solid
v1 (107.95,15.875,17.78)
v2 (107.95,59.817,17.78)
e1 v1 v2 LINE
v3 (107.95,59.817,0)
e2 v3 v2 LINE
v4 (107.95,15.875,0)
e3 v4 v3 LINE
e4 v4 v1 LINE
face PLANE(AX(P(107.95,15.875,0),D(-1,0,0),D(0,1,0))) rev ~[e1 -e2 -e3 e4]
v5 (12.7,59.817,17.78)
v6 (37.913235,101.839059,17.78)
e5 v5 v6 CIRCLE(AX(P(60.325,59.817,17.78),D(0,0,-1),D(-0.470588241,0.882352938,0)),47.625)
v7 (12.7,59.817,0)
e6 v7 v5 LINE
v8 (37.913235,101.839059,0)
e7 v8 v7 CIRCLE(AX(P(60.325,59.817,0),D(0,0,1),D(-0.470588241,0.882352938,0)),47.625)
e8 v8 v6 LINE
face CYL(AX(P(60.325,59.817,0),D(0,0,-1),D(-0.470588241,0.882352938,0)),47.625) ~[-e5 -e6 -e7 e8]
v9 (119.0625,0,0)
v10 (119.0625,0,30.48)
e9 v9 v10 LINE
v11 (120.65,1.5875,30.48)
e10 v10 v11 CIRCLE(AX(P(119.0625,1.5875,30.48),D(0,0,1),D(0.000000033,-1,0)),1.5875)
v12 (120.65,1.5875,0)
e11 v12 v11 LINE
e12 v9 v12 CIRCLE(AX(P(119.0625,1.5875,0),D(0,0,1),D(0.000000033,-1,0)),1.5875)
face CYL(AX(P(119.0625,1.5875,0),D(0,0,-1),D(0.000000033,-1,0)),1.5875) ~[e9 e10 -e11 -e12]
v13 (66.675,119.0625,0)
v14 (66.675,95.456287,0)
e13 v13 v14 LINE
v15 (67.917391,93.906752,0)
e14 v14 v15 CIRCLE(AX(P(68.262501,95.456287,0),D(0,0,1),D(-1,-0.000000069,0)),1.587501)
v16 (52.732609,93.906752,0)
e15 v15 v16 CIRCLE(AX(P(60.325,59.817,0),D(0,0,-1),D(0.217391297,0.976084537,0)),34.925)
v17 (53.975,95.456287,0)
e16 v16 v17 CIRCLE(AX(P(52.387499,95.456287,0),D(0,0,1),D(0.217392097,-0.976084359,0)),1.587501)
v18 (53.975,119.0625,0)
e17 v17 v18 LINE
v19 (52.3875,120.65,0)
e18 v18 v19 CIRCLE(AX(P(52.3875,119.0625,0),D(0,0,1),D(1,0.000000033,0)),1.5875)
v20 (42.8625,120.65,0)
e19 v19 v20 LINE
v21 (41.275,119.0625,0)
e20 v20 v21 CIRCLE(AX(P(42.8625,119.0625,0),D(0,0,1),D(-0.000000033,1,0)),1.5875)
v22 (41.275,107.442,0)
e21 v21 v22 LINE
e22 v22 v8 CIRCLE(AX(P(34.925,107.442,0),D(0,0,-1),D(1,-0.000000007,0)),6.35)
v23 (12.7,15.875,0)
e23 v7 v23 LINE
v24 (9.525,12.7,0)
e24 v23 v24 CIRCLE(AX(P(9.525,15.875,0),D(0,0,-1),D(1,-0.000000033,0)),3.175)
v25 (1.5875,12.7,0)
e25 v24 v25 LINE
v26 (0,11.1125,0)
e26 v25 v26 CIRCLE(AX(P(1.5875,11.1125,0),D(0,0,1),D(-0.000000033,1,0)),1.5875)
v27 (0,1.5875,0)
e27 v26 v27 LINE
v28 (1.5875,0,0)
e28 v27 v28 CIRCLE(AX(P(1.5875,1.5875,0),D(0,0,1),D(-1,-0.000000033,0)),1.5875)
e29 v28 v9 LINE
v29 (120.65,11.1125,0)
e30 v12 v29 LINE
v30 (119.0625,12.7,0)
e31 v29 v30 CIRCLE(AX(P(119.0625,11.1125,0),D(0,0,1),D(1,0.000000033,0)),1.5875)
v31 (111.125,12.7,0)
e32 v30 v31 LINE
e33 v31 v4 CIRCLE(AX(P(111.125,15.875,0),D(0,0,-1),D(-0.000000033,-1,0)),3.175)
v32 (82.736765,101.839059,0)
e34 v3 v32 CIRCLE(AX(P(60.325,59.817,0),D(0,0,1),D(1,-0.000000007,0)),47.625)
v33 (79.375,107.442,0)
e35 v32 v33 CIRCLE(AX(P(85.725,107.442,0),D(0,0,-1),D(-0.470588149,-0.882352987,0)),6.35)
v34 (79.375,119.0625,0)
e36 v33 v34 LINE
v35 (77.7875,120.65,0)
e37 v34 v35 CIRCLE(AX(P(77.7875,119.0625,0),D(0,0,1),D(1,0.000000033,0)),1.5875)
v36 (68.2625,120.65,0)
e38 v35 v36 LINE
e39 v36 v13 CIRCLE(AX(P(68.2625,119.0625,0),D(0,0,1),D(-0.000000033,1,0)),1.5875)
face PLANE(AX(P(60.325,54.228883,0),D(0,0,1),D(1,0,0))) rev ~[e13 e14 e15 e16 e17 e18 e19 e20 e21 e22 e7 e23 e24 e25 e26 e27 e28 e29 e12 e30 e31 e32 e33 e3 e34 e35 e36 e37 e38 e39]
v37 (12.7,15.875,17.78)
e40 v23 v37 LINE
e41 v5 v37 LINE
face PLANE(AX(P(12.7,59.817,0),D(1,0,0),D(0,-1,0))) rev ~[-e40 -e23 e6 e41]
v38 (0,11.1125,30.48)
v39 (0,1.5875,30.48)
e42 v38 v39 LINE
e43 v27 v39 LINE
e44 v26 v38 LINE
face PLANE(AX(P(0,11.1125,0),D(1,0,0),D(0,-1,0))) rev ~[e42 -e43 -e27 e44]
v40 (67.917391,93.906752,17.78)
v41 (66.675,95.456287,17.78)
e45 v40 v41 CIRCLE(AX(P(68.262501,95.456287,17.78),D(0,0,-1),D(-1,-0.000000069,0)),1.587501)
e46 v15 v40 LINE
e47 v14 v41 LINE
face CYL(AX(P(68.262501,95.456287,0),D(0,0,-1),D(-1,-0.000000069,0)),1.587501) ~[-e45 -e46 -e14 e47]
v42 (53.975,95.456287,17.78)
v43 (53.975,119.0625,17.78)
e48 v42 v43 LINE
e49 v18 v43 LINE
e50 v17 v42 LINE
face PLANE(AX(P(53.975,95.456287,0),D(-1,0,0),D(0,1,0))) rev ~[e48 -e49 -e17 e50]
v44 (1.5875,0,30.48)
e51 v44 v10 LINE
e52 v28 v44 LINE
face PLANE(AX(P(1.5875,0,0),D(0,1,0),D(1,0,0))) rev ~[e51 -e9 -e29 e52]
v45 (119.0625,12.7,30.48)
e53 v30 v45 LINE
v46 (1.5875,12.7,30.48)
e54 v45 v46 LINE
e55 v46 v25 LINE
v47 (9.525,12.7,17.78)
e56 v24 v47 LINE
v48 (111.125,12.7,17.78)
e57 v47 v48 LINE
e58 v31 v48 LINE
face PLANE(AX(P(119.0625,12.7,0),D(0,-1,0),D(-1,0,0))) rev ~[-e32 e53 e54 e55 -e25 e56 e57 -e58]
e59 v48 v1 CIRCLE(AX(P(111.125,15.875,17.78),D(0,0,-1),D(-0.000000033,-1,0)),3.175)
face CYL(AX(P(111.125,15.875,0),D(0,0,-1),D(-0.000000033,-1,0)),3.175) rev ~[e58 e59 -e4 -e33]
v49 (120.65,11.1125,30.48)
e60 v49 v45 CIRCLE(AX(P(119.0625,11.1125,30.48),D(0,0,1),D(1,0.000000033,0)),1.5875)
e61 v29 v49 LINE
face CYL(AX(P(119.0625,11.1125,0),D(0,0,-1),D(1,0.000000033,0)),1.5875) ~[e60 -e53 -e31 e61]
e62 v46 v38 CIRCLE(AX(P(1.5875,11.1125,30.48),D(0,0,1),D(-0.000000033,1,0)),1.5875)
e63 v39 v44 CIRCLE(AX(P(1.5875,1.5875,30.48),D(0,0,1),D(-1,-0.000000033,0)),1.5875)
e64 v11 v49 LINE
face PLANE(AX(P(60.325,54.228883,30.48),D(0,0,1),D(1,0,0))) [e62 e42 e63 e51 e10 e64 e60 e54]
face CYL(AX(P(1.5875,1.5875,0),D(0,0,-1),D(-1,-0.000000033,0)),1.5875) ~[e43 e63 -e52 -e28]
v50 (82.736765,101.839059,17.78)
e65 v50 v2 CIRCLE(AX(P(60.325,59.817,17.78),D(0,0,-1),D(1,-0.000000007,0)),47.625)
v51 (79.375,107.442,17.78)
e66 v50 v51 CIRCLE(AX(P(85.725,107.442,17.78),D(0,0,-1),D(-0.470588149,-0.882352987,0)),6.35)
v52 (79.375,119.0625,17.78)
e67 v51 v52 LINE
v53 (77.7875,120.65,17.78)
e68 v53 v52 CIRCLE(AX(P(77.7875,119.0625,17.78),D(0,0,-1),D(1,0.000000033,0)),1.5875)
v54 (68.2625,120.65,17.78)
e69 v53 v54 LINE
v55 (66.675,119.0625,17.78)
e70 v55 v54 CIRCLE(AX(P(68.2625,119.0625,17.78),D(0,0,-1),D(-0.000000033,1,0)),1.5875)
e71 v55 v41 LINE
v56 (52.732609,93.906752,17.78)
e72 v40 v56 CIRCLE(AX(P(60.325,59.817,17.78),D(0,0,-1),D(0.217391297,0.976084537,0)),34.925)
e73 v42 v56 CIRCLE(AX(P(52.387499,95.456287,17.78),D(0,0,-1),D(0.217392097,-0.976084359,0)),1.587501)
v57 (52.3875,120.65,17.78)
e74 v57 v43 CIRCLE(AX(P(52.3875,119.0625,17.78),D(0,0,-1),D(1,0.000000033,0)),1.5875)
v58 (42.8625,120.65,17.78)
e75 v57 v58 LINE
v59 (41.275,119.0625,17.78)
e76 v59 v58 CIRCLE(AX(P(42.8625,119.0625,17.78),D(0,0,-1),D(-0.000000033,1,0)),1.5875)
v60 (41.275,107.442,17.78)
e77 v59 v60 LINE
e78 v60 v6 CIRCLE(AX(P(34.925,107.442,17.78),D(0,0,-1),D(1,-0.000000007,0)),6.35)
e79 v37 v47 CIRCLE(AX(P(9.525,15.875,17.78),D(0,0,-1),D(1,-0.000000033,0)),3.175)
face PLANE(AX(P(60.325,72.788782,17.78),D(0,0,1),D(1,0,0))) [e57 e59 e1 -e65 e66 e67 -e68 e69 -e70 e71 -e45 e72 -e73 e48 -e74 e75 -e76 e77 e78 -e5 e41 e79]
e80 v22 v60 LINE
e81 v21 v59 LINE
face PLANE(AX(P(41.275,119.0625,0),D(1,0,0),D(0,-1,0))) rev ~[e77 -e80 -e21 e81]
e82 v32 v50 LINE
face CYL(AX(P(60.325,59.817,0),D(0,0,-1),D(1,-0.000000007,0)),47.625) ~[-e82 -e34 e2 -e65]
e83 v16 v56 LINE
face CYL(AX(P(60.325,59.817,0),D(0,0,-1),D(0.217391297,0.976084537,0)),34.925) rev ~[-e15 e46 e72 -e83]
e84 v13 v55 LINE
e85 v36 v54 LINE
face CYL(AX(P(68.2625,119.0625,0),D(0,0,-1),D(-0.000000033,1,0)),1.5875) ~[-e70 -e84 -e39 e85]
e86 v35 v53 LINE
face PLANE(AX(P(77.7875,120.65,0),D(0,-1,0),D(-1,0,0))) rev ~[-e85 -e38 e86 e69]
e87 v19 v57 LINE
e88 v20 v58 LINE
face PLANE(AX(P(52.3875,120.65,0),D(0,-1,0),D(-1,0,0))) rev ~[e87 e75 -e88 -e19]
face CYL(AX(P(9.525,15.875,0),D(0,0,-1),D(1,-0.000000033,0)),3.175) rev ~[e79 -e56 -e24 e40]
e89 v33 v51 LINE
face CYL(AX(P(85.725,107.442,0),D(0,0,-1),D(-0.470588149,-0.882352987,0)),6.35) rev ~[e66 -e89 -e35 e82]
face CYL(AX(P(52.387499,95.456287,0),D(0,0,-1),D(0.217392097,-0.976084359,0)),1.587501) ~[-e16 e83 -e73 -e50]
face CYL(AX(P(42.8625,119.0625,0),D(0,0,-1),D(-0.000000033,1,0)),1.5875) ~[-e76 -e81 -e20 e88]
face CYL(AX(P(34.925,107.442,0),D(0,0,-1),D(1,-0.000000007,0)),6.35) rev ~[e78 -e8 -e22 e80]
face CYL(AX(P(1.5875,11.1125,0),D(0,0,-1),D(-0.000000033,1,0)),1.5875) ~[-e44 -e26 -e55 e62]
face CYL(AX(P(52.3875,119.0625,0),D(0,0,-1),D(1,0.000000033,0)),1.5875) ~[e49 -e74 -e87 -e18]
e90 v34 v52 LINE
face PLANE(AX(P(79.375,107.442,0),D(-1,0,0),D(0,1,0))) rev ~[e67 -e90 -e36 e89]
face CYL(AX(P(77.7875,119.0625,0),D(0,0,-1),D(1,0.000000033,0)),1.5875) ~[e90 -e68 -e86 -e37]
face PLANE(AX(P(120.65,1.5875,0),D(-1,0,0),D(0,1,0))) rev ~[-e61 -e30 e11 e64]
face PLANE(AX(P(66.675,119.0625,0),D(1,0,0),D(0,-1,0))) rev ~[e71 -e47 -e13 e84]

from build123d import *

# Parameters (mm, degrees)
F1_DEPTH = 30.48
F3_DEPTH = 12.7


with BuildPart() as f1:
    # F0 (on Top) → F1 (new body)
    with BuildSketch(Plane.XY):
        with BuildLine():
            ThreePointArc((0, 1.5875), (0.464968, 0.464968), (1.5875, 0))
            Line((1.5875, 0), (119.0625, 0))
            ThreePointArc((119.0625, 0), (120.185032, 0.464968), (120.65, 1.5875))
            Line((120.65, 1.5875), (120.65, 11.1125))
            ThreePointArc((120.65, 11.1125), (120.185032, 12.235032), (119.0625, 12.7))
            Line((119.0625, 12.7), (111.125, 12.7))
            ThreePointArc((111.125, 12.7), (108.879936, 13.629936), (107.95, 15.875))
            Line((107.95, 15.875), (107.95, 59.817))
            ThreePointArc((107.95, 59.817), (101.163101, 84.31986), (82.736765, 101.839059))
            ThreePointArc((82.736765, 101.839059), (80.27992, 104.174952), (79.375, 107.442))
            Line((79.375, 107.442), (79.375, 119.0625))
            ThreePointArc((79.375, 119.0625), (78.910032, 120.185032), (77.7875, 120.65))
            Line((77.7875, 120.65), (68.2625, 120.65))
            ThreePointArc((68.2625, 120.65), (67.139968, 120.185032), (66.675, 119.0625))
            Line((66.675, 119.0625), (66.675, 95.456287))
            ThreePointArc((66.675, 95.456287), (67.023949, 94.463237), (67.917391, 93.906752))
            ThreePointArc((67.917391, 93.906752), (60.325, 24.892), (52.732609, 93.906752))
            ThreePointArc((52.732609, 93.906752), (53.626051, 94.463237), (53.975, 95.456287))
            Line((53.975, 95.456287), (53.975, 119.0625))
            ThreePointArc((53.975, 119.0625), (53.510032, 120.185032), (52.3875, 120.65))
            Line((52.3875, 120.65), (42.8625, 120.65))
            ThreePointArc((42.8625, 120.65), (41.739968, 120.185032), (41.275, 119.0625))
            Line((41.275, 119.0625), (41.275, 107.442))
            ThreePointArc((41.275, 107.442), (40.37008, 104.174952), (37.913235, 101.839059))
            ThreePointArc((37.913235, 101.839059), (19.486899, 84.31986), (12.7, 59.817))
            Line((12.7, 59.817), (12.7, 15.875))
            ThreePointArc((12.7, 15.875), (11.770064, 13.629936), (9.525, 12.7))
            Line((9.525, 12.7), (1.5875, 12.7))
            ThreePointArc((1.5875, 12.7), (0.464968, 12.235032), (0, 11.1125))
            Line((0, 11.1125), (0, 1.5875))
        make_face()
    extrude(amount=F1_DEPTH)

    # F2 (on face) → F3 (cut)
    with BuildSketch(Plane.XY.offset(30.48)):
        with BuildLine():
            Line((119.0625, 12.7), (119.0625, 32.229791))
            ThreePointArc((119.0625, 32.229791), (60.325, 156.972), (1.5875, 32.229791))
            Line((1.5875, 32.229791), (1.5875, 12.7))
            Line((1.5875, 12.7), (119.0625, 12.7))
        make_face()
    extrude(amount=-F3_DEPTH, mode=Mode.SUBTRACT)


solid = f1.part
